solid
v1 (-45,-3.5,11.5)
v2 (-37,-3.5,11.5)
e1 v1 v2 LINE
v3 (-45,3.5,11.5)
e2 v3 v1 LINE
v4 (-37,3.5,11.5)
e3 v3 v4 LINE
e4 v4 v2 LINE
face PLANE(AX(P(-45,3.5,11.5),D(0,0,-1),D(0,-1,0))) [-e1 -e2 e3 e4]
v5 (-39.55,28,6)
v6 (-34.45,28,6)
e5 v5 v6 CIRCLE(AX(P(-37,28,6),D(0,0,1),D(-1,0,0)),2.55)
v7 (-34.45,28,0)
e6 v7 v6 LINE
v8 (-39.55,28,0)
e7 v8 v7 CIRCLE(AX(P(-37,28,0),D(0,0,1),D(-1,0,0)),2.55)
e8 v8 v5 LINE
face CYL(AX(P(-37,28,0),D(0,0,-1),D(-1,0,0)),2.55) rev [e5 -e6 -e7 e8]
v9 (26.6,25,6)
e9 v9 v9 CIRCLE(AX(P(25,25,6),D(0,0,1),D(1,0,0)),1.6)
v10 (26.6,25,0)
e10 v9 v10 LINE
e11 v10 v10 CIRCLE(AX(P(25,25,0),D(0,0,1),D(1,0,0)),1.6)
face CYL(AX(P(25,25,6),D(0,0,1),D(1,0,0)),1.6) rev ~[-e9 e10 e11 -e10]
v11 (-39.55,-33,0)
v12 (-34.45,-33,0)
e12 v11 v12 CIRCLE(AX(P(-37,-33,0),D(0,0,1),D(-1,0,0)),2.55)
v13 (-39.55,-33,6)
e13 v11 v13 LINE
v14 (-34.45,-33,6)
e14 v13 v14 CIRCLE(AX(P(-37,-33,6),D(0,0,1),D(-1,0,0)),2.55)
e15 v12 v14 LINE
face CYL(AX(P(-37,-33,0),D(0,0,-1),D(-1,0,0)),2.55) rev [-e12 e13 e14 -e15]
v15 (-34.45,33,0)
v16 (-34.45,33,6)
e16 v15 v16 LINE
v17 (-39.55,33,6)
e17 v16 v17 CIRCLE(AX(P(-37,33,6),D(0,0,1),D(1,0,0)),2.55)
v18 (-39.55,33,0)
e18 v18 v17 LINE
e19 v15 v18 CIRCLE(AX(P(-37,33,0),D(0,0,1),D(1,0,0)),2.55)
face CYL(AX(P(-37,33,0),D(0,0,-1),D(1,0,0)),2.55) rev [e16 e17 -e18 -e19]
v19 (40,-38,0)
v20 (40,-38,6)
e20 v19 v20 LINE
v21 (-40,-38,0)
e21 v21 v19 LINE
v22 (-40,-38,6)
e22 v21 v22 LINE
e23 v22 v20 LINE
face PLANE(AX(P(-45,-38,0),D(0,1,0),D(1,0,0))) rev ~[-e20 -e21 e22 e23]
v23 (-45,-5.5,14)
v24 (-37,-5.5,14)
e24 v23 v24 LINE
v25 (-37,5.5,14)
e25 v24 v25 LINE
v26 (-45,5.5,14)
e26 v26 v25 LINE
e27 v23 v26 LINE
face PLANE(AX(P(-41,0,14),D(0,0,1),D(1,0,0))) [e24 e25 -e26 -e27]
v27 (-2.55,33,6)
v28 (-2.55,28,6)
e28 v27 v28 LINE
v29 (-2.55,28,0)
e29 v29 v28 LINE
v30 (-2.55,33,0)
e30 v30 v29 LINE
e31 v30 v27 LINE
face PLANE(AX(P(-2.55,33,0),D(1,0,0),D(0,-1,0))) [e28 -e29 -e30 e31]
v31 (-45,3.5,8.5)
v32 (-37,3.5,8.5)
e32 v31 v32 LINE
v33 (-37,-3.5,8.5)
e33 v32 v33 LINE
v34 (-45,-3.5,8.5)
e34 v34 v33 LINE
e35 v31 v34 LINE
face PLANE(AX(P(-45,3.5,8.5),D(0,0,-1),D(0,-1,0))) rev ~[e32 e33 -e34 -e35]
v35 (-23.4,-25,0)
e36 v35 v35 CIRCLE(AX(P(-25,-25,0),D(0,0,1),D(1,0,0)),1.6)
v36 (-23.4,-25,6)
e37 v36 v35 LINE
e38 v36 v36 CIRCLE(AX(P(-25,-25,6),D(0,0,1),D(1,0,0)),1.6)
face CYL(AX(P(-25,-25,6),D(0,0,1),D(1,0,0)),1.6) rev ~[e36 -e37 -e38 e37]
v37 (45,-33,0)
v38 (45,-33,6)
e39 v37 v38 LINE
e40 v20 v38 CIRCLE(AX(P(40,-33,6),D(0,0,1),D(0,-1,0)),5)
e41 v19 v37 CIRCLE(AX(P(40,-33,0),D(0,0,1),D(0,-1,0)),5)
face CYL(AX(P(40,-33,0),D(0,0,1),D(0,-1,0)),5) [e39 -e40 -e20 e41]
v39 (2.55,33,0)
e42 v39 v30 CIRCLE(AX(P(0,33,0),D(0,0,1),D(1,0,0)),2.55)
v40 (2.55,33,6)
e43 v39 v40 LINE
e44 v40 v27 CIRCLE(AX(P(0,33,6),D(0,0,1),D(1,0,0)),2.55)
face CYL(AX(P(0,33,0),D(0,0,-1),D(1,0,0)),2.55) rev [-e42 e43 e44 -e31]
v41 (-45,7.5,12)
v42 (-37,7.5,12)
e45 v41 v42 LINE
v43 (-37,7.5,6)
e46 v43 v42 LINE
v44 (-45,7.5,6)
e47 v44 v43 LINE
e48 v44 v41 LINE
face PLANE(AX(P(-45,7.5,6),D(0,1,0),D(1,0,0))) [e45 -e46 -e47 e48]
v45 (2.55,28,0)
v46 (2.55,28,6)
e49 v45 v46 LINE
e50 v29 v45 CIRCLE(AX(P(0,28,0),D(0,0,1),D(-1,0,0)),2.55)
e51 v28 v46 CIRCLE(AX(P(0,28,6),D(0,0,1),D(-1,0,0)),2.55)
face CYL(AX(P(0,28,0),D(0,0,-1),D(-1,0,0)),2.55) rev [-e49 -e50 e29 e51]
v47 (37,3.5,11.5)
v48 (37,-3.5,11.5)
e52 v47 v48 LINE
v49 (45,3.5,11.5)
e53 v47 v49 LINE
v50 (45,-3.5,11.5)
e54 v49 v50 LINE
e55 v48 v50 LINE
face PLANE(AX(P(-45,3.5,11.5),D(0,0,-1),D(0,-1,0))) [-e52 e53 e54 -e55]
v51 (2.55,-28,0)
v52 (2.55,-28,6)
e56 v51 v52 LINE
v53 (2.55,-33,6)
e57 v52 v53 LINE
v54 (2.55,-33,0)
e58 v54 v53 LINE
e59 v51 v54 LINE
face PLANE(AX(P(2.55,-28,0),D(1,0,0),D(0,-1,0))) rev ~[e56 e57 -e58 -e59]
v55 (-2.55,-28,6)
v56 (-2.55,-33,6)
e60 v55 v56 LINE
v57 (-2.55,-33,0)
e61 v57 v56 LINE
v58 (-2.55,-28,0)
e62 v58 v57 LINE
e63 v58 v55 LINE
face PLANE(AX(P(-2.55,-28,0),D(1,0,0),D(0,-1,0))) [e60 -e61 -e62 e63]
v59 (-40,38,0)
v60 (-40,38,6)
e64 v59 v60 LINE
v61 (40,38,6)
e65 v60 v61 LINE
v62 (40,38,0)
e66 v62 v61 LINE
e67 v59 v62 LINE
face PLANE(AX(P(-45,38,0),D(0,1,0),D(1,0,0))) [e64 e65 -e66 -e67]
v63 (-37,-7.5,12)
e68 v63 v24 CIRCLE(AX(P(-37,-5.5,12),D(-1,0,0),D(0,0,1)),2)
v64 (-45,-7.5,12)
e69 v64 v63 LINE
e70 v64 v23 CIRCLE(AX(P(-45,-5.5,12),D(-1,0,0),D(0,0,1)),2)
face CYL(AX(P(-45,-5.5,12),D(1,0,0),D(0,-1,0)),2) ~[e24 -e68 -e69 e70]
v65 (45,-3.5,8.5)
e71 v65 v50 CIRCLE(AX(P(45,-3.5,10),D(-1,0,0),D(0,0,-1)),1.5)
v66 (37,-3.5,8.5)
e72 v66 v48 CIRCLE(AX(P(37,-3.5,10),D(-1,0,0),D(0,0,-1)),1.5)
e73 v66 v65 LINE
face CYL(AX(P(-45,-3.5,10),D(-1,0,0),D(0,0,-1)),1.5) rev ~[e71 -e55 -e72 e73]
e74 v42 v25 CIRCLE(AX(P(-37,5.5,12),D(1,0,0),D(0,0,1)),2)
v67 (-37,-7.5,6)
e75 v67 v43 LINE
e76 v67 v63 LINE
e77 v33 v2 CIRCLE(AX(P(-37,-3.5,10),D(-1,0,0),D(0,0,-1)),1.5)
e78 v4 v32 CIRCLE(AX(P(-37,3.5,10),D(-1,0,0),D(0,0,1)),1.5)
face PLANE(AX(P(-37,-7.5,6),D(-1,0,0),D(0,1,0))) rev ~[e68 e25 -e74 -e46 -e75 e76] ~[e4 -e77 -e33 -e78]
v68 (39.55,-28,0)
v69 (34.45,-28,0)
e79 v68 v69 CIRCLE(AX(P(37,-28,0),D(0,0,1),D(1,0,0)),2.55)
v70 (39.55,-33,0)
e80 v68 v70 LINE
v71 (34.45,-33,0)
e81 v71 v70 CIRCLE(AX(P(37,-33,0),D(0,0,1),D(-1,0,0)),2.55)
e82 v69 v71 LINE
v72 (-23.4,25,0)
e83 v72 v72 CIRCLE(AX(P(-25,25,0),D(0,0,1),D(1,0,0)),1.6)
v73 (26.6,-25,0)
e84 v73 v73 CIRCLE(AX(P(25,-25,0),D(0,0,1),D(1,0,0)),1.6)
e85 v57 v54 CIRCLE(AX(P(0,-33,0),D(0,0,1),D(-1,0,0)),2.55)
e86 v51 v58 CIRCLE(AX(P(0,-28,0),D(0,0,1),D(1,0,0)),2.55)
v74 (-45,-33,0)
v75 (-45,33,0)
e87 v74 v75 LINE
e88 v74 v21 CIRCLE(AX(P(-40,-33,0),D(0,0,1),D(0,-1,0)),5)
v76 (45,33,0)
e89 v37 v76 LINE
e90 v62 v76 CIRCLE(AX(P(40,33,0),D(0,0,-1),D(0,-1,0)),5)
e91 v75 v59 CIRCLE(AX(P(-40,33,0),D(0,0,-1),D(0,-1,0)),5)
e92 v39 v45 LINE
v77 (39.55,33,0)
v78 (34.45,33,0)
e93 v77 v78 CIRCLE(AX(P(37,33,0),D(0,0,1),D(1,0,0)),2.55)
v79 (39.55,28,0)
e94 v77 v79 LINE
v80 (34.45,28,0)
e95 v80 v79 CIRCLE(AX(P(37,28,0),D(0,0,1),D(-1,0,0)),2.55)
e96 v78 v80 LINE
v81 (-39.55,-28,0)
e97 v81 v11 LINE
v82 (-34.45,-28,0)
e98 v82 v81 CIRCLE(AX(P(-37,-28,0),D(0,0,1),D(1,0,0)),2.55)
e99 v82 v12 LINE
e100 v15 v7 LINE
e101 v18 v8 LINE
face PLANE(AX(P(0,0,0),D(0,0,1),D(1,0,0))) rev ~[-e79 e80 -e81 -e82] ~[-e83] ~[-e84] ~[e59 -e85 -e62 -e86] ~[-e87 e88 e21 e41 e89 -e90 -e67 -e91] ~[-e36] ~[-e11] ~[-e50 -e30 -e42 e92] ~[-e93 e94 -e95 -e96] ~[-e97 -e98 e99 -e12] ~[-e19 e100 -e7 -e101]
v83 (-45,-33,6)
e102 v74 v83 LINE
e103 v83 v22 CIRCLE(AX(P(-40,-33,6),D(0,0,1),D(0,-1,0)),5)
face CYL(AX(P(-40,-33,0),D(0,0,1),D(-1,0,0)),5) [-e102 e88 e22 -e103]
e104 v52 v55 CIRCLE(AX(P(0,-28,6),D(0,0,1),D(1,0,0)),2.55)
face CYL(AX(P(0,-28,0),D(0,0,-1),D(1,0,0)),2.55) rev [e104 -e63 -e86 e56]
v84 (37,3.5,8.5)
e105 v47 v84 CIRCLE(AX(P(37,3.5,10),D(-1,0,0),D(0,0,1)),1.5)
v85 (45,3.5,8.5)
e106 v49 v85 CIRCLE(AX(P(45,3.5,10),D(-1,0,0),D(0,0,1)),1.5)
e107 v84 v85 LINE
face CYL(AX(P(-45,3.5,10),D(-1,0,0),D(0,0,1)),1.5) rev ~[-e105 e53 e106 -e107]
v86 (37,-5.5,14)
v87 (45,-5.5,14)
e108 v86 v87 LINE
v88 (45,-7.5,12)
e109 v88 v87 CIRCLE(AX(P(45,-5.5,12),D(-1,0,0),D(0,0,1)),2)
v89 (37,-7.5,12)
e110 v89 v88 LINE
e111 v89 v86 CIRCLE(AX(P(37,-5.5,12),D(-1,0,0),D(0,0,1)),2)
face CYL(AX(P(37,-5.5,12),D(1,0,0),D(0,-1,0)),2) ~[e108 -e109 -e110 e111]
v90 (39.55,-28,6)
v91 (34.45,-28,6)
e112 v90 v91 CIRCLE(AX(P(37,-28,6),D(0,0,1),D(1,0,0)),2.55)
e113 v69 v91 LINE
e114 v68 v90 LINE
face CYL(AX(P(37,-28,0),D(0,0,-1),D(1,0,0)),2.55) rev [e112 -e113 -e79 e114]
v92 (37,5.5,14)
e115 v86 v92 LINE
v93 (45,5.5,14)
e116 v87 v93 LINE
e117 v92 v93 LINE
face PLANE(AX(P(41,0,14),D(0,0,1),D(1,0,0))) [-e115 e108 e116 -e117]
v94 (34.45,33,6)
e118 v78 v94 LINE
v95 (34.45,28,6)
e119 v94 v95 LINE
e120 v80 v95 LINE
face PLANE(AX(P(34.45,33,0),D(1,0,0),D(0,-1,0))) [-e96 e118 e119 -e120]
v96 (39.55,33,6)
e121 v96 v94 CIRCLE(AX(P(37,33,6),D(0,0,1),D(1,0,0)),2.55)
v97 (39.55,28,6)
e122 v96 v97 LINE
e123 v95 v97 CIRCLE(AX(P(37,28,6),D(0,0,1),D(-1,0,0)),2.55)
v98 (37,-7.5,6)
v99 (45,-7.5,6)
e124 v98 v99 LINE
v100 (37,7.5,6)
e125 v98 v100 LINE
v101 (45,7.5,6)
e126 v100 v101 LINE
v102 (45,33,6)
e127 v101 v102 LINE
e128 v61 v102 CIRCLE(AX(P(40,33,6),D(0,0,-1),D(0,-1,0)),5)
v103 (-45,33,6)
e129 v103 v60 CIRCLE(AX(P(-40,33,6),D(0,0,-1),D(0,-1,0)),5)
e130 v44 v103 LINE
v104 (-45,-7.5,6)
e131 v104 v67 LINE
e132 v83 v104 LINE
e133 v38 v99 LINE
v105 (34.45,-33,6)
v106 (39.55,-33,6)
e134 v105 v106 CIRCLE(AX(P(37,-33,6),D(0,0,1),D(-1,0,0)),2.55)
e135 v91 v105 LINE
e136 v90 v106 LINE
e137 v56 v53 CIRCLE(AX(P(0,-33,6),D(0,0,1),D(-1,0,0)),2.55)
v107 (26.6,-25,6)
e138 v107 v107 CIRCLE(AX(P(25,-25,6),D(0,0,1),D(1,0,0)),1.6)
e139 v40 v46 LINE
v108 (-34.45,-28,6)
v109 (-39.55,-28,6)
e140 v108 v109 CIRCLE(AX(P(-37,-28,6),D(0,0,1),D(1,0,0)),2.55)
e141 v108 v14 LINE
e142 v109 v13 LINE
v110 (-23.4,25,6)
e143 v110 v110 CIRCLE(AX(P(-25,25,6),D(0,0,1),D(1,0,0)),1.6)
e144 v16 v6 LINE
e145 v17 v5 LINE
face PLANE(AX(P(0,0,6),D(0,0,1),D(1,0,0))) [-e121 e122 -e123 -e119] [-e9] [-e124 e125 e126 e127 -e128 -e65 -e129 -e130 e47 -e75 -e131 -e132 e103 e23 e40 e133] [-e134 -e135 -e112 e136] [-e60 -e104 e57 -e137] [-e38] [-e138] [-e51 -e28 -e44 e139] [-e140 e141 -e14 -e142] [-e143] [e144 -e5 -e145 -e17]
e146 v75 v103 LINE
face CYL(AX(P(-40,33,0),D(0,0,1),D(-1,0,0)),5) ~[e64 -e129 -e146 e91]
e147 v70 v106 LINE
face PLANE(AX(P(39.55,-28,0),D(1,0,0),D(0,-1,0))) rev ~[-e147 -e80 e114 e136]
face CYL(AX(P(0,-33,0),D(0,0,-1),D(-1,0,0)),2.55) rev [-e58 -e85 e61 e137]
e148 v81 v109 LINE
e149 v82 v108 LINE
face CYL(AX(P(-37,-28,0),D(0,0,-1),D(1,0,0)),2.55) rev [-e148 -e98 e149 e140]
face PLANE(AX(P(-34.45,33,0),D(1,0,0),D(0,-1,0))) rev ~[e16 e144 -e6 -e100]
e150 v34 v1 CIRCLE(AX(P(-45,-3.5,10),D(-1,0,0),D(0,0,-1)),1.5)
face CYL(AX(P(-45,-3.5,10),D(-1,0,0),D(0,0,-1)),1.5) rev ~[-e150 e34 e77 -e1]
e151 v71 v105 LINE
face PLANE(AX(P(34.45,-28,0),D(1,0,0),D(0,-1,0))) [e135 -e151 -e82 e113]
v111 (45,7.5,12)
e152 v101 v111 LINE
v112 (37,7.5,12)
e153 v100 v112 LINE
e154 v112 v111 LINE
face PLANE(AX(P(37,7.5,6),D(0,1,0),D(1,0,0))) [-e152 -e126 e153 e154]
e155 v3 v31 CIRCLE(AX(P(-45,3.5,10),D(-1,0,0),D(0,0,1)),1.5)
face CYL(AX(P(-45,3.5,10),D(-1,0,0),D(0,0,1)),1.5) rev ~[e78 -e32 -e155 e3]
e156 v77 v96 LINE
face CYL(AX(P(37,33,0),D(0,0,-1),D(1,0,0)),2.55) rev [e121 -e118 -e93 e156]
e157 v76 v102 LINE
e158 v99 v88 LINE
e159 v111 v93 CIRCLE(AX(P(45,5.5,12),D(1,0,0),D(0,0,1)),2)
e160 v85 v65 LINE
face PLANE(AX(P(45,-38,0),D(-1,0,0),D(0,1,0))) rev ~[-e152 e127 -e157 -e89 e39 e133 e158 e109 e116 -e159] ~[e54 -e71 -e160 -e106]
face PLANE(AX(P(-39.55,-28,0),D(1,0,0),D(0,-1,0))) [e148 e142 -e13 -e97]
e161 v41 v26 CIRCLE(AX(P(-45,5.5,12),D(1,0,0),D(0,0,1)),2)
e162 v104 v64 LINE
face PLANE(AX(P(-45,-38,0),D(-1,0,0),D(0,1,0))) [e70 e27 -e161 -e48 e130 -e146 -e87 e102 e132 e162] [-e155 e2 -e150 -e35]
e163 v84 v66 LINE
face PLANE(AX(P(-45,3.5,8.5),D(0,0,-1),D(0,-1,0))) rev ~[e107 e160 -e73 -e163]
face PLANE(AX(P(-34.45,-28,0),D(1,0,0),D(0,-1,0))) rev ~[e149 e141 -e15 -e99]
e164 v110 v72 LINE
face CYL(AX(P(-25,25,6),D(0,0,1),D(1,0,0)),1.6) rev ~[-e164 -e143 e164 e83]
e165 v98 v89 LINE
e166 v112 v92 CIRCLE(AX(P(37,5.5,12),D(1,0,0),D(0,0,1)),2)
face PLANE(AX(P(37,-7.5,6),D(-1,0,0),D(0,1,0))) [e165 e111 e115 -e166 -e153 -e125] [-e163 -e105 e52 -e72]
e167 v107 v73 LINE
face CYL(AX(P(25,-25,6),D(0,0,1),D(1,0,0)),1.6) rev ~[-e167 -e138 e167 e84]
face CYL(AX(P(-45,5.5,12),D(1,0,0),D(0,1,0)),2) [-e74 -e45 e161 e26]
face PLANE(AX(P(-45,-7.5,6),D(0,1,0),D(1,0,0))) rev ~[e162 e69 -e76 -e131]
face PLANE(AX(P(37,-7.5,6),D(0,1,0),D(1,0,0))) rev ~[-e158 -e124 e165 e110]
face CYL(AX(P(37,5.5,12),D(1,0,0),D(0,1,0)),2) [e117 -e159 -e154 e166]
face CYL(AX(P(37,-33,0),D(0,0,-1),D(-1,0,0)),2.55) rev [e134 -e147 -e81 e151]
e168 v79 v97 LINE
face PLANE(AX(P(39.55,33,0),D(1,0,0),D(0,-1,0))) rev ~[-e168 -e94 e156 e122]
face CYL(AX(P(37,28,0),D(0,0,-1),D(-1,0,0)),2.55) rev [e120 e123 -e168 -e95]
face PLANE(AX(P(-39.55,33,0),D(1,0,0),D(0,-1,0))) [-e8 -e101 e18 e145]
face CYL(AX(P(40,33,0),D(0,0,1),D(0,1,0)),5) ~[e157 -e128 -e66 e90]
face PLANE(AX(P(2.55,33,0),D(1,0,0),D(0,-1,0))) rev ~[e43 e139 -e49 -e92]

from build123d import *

# Parameters (mm, degrees)
SKETCH_W        = 90
SKETCH_H        = 76
PAD_DEPTH       = 6
FILLET_R        = 5
SKETCH001_R     = 1.6
POCKET_DEPTH    = 6
SKETCH002_W     = 8
SKETCH002_H     = 15
PAD001_DEPTH    = 8
POCKET001_DEPTH = 90.001
FILLET001_R     = 2


with BuildPart() as part:
    # Sketch → Pad (new body)
    with BuildSketch(Plane.XY):
        Rectangle(SKETCH_W, SKETCH_H)
        with BuildLine():
            ThreePointArc((-34.45, 33), (-37, 35.55), (-39.55, 33))
            Line((-39.55, 33), (-39.55, 28))
            ThreePointArc((-39.55, 28), (-37, 25.45), (-34.45, 28))
            Line((-34.45, 33), (-34.45, 28))
        make_face(mode=Mode.SUBTRACT)
        with BuildLine():
            ThreePointArc((2.55, 33), (0, 35.55), (-2.55, 33))
            Line((-2.55, 33), (-2.55, 28))
            ThreePointArc((-2.55, 28), (0, 25.45), (2.55, 28))
            Line((2.55, 33), (2.55, 28))
        make_face(mode=Mode.SUBTRACT)
        with BuildLine():
            ThreePointArc((39.55, -28), (37, -25.45), (34.45, -28))
            Line((34.45, -28), (34.45, -33))
            ThreePointArc((34.45, -33), (37, -35.55), (39.55, -33))
            Line((39.55, -28), (39.55, -33))
        make_face(mode=Mode.SUBTRACT)
        with BuildLine():
            ThreePointArc((2.55, -28), (0, -25.45), (-2.55, -28))
            Line((-2.55, -28), (-2.55, -33))
            ThreePointArc((-2.55, -33), (0, -35.55), (2.55, -33))
            Line((2.55, -28), (2.55, -33))
        make_face(mode=Mode.SUBTRACT)
        with BuildLine():
            ThreePointArc((-34.45, -28), (-37, -25.45), (-39.55, -28))
            Line((-39.55, -28), (-39.55, -33))
            ThreePointArc((-39.55, -33), (-37, -35.55), (-34.45, -33))
            Line((-34.45, -28), (-34.45, -33))
        make_face(mode=Mode.SUBTRACT)
        with BuildLine():
            ThreePointArc((39.55, 33), (37, 35.55), (34.45, 33))
            Line((34.45, 33), (34.45, 28))
            ThreePointArc((34.45, 28), (37, 25.45), (39.55, 28))
            Line((39.55, 33), (39.55, 28))
        make_face(mode=Mode.SUBTRACT)
    extrude(amount=PAD_DEPTH)

    # Fillet
    fillet_edges = [part.edges().sort_by_distance(p)[0] for p in [
        (45, -38, 3),
        (-45, -38, 3),
        (45, 38, 3),
        (-45, 38, 3),
    ]]
    fillet(fillet_edges, radius=FILLET_R)

    # Sketch001 (on Face5 of Fillet) → Pocket (cut)
    with BuildSketch(Plane.XY.offset(6)):
        with Locations((25, 25)):
            Circle(SKETCH001_R)
        with Locations((25, -25)):
            Circle(SKETCH001_R)
        with Locations((-25, 25)):
            Circle(SKETCH001_R)
        with Locations((-25, -25)):
            Circle(SKETCH001_R)
    extrude(amount=-POCKET_DEPTH, mode=Mode.SUBTRACT)

    # Sketch002 (on Face5 of Pocket) → Pad001 (join)
    with BuildSketch(Plane.XY.offset(6)):
        with Locations((-41, 0)):
            Rectangle(SKETCH002_W, SKETCH002_H)
        with Locations((41, 0)):
            Rectangle(SKETCH002_W, SKETCH002_H)
    extrude(amount=PAD001_DEPTH)

    # Sketch003 (on Face6 of Pad001) → Pocket001 (cut, through all)
    with BuildSketch(Plane(origin=(-45, 0, 0), x_dir=(0, -1, 0), z_dir=(-1, 0, 0))):
        with BuildLine():
            ThreePointArc((-3.5, 11.5), (-5, 10), (-3.5, 8.5))
            Line((-3.5, 8.5), (3.5, 8.5))
            ThreePointArc((3.5, 8.5), (5, 10), (3.5, 11.5))
            Line((-3.5, 11.5), (3.5, 11.5))
        make_face()
    extrude(amount=-POCKET001_DEPTH, mode=Mode.SUBTRACT)

    # Fillet001
    fillet001_edges = [part.edges().sort_by_distance(p)[0] for p in [
        (-41, 7.5, 14),
        (-41, -7.5, 14),
        (41, -7.5, 14),
        (41, 7.5, 14),
    ]]
    fillet(fillet001_edges, radius=FILLET001_R)


solid = part.part
